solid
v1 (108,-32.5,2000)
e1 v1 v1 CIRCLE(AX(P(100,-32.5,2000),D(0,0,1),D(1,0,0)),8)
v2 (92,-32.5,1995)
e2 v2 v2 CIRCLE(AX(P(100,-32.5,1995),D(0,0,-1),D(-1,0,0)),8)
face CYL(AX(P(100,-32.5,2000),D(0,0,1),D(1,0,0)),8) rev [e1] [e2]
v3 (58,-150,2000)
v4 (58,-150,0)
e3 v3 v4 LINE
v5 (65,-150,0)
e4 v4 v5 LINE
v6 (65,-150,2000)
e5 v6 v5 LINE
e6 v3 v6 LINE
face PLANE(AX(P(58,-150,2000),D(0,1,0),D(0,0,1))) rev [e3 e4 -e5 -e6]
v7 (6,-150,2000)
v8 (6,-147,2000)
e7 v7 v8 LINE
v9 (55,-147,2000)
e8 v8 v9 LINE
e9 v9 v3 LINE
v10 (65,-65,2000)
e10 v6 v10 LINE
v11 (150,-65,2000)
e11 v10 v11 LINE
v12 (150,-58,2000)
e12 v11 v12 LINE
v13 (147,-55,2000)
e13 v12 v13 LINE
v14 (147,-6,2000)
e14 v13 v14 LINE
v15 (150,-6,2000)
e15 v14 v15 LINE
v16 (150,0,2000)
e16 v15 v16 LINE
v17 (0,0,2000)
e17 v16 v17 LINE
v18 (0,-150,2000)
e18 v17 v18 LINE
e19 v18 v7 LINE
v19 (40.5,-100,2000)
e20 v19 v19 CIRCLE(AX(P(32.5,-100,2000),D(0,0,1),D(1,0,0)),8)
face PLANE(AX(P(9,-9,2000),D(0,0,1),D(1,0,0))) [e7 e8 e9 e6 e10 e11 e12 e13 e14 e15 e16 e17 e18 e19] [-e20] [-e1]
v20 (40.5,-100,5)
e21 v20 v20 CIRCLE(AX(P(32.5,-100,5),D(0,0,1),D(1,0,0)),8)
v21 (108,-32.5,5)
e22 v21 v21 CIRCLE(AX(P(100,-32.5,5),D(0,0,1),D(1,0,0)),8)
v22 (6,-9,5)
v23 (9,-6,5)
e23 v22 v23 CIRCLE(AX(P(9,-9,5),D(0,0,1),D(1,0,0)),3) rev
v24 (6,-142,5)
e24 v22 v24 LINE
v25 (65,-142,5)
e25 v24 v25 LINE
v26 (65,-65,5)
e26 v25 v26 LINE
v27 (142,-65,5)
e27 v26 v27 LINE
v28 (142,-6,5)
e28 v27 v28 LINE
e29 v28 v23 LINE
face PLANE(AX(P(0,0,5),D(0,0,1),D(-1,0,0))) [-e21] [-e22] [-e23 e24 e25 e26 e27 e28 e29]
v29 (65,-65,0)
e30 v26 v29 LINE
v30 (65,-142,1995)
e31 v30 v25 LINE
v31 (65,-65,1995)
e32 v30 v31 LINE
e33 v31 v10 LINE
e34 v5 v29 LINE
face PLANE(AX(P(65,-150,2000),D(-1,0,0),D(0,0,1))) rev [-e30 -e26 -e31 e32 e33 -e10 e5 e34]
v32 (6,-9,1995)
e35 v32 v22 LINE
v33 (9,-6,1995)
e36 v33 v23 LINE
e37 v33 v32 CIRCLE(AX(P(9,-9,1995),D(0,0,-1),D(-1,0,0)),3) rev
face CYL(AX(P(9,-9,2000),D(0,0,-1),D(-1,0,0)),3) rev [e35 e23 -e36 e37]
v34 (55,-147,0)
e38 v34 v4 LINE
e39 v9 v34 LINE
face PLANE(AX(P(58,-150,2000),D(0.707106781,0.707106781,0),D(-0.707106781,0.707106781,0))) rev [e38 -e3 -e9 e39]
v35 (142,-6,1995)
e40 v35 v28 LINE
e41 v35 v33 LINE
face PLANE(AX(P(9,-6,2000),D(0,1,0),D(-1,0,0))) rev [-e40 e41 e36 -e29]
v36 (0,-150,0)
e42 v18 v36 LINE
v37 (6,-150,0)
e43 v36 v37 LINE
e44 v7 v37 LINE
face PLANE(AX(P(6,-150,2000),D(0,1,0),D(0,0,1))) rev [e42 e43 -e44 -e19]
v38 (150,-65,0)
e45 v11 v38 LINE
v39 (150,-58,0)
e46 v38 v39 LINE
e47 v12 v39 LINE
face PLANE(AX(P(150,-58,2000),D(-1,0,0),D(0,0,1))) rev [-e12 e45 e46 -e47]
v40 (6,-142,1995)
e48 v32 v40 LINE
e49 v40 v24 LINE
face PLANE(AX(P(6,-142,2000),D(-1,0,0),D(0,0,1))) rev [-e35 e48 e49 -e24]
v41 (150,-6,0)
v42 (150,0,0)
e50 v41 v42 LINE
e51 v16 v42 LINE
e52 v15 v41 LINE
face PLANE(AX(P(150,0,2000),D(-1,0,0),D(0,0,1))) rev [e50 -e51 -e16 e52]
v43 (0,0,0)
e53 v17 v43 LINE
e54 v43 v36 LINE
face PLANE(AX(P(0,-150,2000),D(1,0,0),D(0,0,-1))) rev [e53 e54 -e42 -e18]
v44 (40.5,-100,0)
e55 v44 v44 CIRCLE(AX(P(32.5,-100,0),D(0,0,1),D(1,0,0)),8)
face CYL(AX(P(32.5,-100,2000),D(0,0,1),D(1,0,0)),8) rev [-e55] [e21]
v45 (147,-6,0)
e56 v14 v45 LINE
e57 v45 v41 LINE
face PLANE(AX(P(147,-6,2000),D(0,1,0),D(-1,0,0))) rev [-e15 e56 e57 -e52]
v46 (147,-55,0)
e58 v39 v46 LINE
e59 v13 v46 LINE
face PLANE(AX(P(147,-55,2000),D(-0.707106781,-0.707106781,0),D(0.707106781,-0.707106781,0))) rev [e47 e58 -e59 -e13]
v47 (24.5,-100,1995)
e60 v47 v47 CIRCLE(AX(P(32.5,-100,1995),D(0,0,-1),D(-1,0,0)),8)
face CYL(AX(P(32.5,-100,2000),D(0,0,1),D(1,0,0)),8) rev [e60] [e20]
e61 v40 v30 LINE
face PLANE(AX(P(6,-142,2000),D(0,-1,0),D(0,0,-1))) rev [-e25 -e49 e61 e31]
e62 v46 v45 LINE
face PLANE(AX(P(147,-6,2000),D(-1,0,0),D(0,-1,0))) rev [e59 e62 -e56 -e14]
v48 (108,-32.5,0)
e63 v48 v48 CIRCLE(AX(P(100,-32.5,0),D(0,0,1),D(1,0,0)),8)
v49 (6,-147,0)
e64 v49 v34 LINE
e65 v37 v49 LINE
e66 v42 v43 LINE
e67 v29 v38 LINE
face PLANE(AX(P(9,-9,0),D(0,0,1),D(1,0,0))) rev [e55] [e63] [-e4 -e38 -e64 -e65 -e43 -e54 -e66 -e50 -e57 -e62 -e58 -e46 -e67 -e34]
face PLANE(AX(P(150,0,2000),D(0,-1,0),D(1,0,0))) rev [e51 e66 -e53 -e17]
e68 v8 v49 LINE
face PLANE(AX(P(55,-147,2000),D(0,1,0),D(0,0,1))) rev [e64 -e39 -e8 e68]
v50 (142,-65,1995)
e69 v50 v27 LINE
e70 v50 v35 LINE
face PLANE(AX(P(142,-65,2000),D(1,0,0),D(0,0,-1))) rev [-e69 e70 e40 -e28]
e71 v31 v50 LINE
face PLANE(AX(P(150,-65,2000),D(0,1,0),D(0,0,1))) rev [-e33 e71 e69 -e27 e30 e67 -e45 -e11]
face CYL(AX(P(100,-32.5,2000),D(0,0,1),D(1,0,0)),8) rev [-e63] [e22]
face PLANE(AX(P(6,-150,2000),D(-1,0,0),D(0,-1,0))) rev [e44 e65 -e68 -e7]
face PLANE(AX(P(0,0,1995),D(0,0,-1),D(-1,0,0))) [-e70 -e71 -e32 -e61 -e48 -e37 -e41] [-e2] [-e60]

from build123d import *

# Parameters (mm, degrees)
EXTRUDE_1_DEPTH         = 2000
EXTRUDE_2_DEPTH         = 5
HOLE_WIZARD_16_0_16_1_D = 16


with BuildPart() as part:
    # Model → 凸台-拉伸1 (new body)
    with BuildSketch(Plane.XY):
        with BuildLine():
            Line((55, -147), (6, -147))
            Line((6, -147), (6, -150))
            Line((6, -150), (0, -150))
            Line((0, -150), (0, 0))
            Line((0, 0), (150, 0))
            Line((150, 0), (150, -6))
            Line((150, -6), (147, -6))
            Line((147, -6), (147, -55))
            Line((147, -55), (150, -58))
            Line((150, -58), (150, -65))
            Line((150, -65), (142, -65))
            Line((142, -65), (142, -6))
            Line((142, -6), (9, -6))
            ThreePointArc((9, -6), (6.878679656, -6.878679656), (6, -9))
            Line((6, -9), (6, -142))
            Line((6, -142), (65, -142))
            Line((65, -142), (65, -150))
            Line((65, -150), (58, -150))
            Line((58, -150), (55, -147))
        make_face()
    extrude(amount=EXTRUDE_1_DEPTH)

    # 草图2 → 凸台-拉伸2 (add)
    with BuildSketch(Plane.XY.offset(2000)):
        Polygon((65, -142), (65, -65), (142, -65), (142, -6), (6, -6), (6, -142), align=None)
    extrude_2 = extrude(amount=-EXTRUDE_2_DEPTH)

    # 镜向1: 凸台-拉伸2 across plane
    add(extrude_2.mirror(Plane.XY.offset(1000)))

    # Ø16.0 (16) 直径孔1 (through all)
    with Locations(Plane.XY.offset(2000)):
        with Locations((100, -32.5), (32.5, -100)):
            Hole(HOLE_WIZARD_16_0_16_1_D / 2)


solid = part.part
